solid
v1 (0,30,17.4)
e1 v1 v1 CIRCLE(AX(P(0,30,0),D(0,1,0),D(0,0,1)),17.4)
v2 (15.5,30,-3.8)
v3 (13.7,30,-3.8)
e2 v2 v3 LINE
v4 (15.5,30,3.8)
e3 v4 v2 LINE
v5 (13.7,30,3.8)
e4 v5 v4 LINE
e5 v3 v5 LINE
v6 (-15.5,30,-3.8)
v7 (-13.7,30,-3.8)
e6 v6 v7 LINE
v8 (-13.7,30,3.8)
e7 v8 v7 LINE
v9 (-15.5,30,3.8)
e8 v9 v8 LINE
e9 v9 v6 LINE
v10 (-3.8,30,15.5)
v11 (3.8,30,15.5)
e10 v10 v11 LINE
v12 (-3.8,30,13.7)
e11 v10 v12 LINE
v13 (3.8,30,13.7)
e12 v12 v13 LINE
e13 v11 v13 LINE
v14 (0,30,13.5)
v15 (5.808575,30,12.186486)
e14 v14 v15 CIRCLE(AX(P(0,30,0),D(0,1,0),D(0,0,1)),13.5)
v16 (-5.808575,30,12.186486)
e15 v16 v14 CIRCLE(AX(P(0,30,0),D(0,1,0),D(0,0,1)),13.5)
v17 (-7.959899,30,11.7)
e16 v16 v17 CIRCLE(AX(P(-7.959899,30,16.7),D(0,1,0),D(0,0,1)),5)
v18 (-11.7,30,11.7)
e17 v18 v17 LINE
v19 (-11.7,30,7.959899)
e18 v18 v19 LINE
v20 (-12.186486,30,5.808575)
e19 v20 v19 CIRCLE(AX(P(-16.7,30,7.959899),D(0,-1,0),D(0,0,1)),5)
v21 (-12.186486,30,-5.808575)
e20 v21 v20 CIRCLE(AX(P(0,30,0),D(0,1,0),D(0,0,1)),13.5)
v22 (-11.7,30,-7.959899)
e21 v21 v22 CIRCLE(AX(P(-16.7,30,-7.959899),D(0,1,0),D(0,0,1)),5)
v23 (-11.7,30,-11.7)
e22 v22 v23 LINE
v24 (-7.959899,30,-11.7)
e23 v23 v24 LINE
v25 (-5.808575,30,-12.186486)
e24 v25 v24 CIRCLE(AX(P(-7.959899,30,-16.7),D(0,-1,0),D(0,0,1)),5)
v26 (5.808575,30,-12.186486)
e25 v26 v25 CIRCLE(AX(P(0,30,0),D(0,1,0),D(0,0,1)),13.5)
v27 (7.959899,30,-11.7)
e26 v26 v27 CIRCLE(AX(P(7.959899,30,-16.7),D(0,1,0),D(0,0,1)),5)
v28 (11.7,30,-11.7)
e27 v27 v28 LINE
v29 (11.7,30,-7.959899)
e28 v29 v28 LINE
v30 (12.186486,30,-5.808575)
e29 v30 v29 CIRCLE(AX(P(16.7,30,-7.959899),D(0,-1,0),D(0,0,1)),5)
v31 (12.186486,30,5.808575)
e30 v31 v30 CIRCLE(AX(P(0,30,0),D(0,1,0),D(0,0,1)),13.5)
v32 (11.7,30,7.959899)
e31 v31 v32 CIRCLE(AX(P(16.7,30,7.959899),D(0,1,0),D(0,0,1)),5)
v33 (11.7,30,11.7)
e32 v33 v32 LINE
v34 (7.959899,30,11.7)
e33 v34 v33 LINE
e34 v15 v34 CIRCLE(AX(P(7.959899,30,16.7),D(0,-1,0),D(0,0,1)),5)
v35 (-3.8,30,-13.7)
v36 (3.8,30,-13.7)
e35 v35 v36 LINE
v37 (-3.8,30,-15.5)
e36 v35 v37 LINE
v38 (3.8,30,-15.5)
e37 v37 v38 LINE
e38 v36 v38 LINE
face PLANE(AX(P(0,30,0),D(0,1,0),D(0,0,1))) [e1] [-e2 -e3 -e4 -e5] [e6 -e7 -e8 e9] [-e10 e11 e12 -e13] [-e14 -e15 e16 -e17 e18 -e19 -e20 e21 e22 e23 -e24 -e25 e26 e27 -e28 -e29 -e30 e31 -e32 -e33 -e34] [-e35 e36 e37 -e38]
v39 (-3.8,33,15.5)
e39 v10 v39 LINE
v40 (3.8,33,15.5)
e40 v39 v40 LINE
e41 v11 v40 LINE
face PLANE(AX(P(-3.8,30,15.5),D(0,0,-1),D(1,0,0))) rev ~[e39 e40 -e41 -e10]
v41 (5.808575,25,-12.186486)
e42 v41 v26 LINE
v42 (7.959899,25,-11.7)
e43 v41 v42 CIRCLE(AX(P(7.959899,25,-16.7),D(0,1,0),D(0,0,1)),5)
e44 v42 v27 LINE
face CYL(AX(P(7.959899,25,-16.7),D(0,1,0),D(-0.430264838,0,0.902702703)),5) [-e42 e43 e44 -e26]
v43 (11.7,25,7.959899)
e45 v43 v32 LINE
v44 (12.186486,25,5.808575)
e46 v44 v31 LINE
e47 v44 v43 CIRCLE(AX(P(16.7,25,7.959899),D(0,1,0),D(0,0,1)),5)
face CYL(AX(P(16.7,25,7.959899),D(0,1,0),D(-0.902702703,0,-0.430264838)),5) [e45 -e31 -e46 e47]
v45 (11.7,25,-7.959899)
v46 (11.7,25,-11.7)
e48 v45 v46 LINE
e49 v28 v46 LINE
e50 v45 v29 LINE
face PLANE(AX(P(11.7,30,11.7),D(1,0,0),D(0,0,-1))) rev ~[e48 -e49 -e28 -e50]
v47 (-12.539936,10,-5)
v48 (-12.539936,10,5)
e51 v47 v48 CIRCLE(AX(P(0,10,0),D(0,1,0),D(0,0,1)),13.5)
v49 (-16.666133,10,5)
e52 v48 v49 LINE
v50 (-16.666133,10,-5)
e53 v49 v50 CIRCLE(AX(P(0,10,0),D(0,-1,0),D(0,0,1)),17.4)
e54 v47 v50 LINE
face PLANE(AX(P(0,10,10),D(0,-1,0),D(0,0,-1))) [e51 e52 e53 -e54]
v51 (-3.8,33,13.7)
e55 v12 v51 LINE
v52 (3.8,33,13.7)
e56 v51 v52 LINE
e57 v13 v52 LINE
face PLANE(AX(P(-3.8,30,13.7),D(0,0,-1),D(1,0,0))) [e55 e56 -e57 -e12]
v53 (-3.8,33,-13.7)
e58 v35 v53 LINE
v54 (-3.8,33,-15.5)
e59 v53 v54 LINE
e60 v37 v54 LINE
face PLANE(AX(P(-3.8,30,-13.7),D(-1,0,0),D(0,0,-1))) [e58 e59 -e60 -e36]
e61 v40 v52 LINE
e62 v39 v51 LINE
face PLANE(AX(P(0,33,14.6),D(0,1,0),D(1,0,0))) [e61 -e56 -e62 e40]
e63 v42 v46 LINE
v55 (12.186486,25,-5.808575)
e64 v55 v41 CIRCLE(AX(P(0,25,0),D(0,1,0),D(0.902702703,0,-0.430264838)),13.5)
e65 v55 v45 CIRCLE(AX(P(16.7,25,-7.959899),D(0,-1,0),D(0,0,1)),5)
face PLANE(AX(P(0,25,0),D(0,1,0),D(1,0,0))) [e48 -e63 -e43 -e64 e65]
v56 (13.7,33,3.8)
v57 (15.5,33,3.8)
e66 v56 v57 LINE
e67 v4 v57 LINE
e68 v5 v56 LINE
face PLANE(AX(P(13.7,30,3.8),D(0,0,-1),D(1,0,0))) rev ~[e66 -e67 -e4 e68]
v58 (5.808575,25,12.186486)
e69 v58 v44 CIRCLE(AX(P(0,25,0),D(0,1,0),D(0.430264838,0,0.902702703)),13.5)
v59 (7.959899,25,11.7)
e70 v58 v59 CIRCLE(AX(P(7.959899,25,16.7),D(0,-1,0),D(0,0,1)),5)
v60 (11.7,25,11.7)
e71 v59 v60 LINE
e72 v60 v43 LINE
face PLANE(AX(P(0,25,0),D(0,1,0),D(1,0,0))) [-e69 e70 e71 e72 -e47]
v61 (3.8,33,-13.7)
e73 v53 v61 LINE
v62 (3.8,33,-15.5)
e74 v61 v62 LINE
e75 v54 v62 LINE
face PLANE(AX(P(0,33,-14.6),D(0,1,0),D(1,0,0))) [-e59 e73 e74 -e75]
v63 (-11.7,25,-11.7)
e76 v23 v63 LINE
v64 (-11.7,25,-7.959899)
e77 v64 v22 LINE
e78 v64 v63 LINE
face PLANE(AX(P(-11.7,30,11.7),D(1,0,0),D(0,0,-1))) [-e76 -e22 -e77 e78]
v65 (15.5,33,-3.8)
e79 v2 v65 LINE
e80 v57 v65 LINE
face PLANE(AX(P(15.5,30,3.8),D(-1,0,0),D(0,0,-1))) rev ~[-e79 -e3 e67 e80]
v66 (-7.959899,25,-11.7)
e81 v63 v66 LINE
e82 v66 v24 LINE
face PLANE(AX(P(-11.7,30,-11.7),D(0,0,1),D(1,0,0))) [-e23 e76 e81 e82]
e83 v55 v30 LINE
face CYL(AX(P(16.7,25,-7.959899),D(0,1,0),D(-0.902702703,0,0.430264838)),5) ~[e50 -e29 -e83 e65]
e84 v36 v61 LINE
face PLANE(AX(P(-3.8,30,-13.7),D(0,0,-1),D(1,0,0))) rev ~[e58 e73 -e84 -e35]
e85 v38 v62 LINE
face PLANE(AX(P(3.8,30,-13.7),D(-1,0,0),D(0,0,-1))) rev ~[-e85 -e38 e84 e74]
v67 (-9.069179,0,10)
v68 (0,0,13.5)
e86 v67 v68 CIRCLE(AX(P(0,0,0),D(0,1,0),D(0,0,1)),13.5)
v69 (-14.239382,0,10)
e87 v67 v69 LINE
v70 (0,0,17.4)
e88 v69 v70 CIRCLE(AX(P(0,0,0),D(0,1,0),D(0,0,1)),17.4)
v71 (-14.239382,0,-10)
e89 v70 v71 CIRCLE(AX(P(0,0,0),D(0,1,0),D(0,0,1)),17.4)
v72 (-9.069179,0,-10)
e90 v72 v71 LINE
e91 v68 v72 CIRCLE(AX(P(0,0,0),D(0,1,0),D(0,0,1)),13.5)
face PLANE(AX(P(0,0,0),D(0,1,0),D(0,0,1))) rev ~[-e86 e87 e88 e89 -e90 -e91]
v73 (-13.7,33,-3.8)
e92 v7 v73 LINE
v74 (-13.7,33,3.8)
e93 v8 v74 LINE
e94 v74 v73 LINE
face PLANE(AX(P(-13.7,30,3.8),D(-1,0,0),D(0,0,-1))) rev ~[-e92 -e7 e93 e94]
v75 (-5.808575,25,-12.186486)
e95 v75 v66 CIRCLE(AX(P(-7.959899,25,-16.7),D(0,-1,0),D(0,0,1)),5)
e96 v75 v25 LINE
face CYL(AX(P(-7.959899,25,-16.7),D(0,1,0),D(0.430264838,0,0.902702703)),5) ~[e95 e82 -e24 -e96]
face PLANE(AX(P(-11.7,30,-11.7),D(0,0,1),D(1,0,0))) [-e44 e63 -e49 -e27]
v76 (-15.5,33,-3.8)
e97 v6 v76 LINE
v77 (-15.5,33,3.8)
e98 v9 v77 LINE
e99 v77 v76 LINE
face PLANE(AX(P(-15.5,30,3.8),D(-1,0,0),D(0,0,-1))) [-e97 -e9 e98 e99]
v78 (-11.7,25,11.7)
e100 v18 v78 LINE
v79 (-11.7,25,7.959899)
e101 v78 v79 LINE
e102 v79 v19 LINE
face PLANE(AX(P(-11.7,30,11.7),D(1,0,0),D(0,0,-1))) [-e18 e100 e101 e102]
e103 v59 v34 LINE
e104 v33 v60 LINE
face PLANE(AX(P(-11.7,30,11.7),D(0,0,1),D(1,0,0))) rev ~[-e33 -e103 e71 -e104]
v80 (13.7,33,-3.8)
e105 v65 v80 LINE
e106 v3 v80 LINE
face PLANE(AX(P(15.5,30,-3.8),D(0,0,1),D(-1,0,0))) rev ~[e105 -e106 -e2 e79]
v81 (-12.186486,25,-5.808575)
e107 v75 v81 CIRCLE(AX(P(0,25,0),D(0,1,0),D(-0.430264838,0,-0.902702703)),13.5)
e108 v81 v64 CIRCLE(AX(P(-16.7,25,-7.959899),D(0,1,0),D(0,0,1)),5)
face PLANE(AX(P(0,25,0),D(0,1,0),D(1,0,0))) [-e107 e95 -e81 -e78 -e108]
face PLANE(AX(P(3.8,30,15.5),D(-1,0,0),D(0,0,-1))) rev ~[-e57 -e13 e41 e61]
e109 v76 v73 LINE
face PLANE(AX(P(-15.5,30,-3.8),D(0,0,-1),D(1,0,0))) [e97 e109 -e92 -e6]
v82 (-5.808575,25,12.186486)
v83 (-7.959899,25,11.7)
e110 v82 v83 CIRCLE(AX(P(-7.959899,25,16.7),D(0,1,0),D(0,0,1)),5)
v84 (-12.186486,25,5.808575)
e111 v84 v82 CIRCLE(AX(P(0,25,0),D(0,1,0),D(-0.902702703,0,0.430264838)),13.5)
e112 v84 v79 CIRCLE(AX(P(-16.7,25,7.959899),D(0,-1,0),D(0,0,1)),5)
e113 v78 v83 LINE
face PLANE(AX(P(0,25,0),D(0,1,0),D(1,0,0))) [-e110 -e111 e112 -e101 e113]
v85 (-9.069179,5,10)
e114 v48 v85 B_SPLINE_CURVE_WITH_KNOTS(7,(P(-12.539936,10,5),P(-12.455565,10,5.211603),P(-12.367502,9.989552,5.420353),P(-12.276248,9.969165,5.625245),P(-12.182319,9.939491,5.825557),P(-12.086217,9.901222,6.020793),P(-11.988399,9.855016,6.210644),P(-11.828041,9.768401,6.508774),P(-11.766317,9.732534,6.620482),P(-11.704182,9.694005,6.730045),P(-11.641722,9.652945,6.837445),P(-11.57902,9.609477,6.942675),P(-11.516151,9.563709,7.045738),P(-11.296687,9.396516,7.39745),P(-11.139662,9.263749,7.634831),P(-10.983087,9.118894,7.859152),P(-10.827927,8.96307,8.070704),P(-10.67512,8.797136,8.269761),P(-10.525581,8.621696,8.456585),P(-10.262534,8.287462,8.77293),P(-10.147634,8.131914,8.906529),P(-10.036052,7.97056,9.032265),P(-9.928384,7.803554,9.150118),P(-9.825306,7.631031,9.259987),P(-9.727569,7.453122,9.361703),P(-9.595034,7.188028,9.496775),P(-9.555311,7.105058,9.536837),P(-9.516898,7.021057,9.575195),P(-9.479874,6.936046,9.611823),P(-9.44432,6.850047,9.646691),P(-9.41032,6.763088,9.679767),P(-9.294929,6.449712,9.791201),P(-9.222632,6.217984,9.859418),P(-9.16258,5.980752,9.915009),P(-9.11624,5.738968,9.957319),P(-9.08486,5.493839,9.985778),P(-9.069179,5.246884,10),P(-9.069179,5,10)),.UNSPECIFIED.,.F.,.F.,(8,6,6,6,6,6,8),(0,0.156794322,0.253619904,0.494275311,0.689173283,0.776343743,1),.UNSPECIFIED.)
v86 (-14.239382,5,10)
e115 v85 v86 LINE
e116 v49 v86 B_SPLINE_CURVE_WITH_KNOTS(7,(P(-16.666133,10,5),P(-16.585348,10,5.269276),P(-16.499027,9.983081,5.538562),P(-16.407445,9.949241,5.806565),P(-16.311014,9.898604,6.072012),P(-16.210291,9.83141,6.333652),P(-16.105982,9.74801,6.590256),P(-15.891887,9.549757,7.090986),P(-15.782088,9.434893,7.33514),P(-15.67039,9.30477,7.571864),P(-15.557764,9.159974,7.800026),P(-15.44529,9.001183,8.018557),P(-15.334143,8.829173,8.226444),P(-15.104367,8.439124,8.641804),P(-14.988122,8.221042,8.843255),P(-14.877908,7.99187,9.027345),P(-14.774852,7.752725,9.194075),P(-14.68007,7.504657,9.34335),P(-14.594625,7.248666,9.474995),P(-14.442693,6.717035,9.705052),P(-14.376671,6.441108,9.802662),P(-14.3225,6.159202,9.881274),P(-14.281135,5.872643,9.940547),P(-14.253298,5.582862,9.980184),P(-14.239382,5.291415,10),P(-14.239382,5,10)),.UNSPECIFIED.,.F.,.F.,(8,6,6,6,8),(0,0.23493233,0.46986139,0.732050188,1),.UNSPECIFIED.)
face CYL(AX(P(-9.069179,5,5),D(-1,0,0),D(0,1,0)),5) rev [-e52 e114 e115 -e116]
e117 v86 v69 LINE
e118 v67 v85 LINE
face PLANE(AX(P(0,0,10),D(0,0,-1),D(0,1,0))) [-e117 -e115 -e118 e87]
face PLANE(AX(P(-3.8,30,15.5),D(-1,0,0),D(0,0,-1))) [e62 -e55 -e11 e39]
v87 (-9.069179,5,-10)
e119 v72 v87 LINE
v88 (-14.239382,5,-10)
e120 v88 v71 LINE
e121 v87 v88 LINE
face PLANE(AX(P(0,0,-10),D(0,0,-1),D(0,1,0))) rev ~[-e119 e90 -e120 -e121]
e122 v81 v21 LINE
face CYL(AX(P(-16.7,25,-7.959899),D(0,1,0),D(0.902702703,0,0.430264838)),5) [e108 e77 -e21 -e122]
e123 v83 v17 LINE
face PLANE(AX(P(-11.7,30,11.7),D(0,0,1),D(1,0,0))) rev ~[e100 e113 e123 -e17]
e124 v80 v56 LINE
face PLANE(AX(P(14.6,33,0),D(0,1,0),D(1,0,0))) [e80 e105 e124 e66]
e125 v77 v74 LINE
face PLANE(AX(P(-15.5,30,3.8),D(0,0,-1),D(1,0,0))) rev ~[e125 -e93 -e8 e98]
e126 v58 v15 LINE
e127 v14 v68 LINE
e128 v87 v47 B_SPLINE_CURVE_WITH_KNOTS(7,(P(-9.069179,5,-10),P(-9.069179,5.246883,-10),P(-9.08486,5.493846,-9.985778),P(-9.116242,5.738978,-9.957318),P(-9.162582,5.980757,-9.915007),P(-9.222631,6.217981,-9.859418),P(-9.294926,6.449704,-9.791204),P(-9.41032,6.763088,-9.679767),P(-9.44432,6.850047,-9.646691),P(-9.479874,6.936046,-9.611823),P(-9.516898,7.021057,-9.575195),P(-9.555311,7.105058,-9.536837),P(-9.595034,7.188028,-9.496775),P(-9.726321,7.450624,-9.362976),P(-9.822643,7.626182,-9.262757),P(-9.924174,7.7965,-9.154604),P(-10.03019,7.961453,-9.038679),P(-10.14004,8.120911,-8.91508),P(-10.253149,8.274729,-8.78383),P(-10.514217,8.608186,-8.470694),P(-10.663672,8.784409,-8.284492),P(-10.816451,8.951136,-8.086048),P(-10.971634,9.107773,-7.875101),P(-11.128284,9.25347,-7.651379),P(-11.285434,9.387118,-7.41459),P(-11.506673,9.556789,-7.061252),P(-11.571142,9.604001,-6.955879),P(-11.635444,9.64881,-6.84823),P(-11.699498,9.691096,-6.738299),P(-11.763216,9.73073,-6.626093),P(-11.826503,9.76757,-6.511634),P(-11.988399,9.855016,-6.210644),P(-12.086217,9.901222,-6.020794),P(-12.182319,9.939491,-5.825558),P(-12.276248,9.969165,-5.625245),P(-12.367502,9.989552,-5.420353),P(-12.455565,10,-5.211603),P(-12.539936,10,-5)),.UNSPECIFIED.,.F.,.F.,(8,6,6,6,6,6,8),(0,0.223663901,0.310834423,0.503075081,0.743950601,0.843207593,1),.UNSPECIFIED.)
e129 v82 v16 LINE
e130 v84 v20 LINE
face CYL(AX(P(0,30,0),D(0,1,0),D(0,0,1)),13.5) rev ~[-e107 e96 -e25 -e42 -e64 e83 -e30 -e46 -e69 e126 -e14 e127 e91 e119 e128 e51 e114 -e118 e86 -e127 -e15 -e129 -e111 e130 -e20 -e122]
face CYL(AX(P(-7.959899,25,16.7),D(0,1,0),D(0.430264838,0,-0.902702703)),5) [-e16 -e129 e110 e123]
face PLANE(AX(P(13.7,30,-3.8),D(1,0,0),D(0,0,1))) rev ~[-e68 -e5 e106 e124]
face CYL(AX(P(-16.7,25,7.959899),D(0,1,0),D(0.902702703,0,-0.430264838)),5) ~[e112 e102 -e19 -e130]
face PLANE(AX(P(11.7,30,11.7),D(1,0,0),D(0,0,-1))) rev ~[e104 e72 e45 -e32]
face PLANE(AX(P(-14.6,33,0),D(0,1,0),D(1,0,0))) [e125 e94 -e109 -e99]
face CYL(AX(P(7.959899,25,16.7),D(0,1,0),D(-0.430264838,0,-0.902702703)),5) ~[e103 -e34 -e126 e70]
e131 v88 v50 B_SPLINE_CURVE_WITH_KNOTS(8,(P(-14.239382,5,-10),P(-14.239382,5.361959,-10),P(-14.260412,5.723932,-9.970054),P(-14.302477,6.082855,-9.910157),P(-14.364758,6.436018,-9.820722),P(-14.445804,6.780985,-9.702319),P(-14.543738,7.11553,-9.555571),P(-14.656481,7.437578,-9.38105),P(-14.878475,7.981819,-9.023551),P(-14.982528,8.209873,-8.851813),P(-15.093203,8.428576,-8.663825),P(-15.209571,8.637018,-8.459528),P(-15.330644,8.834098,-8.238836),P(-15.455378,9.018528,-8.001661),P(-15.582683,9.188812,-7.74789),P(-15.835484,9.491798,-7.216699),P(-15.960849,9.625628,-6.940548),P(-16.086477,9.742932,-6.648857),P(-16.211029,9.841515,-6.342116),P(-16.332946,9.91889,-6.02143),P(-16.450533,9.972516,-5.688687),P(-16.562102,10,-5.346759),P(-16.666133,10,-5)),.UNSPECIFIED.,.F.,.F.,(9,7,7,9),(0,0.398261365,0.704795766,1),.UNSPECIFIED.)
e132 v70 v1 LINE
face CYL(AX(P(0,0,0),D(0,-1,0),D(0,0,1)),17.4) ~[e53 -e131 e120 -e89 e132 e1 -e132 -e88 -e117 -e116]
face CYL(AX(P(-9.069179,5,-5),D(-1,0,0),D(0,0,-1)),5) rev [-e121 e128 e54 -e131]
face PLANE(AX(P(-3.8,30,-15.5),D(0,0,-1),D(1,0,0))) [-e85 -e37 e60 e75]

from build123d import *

# Parameters (mm, degrees)
SKETCH_1_R          = 17.4
EXTRUDE_1_DEPTH     = 30
SKETCH_2_R          = 13.5
CUT_EXTRUDE_1_DEPTH = 39.801030914
SKETCH_3_W          = 7.6
SKETCH_3_H          = 1.8
SKETCH_3_W_2        = 1.8
SKETCH_3_H_2        = 7.6
EXTRUDE_2_DEPTH     = 3
SKETCH_4_W          = 20
SKETCH_4_H          = 10
CUT_EXTRUDE_2_DEPTH = 42.164547854
FILLET_1_R          = 5
SKETCH_5_W          = 23.4
SKETCH_5_H          = 23.4
CUT_EXTRUDE_3_DEPTH = 5
FILLET_2_R          = 5


with BuildPart() as part:
    # 草图1 → 凸台-拉伸1 (new body)
    with BuildSketch(Plane(origin=(0, 0, 0), x_dir=(1, 0, 0), z_dir=(0, 1, 0))):
        with Locations(Location((0, 0, 0), (0, 0, 270))):
            Circle(SKETCH_1_R)
    extrude(amount=EXTRUDE_1_DEPTH)

    # 草图2 → 切除-拉伸1 (cut, through all)
    with BuildSketch(Plane(origin=(0, 30, 0), x_dir=(1, 0, 0), z_dir=(0, 1, 0))):
        with Locations(Location((0, 0, 0), (0, 0, 270))):
            Circle(SKETCH_2_R)
    extrude(amount=-CUT_EXTRUDE_1_DEPTH, mode=Mode.SUBTRACT)

    # 草图3 → 凸台-拉伸2 (add)
    with BuildSketch(Plane(origin=(0, 30, 0), x_dir=(1, 0, 0), z_dir=(0, 1, 0))):
        Polygon((13.7, 3.8), (13.7, 0), (13.7, -3.8), (15.5, -3.8), (15.5, 3.8), align=None)
        with Locations((0, -14.6)):
            Rectangle(SKETCH_3_W, SKETCH_3_H)
        with Locations((-14.6, 0)):
            Rectangle(SKETCH_3_W_2, SKETCH_3_H_2)
        with Locations((0, 14.6)):
            Rectangle(SKETCH_3_W, SKETCH_3_H)
    extrude(amount=EXTRUDE_2_DEPTH)

    # 草图4 → 切除-拉伸2 (cut, through all)
    with BuildSketch(Plane(origin=(0, 0, 0), x_dir=(0, 0, -1), z_dir=(1, 0, 0))):
        with Locations((0, 5)):
            Rectangle(SKETCH_4_W, SKETCH_4_H)
    extrude(amount=-CUT_EXTRUDE_2_DEPTH, mode=Mode.SUBTRACT)

    # 圆角1
    fillet_1_edges = [part.edges().sort_by_distance(p)[0] for p in [
        (-11.654280291, 10, -10),
        (-11.654280291, 10, 10),
    ]]
    fillet(fillet_1_edges, radius=FILLET_1_R)

    # 草图5 → 切除-拉伸3 (cut)
    with BuildSketch(Plane(origin=(0, 30, 0), x_dir=(1, 0, 0), z_dir=(0, 1, 0))):
        Rectangle(SKETCH_5_W, SKETCH_5_H)
    extrude(amount=-CUT_EXTRUDE_3_DEPTH, mode=Mode.SUBTRACT)

    # 圆角2
    fillet_2_edges = [part.edges().sort_by_distance(p)[0] for p in [
        (11.7, 27.5, -6.734983296),
        (11.7, 27.5, 6.734983296),
        (6.734983296, 27.5, 11.7),
        (-6.734983296, 27.5, 11.7),
        (-11.7, 27.5, 6.734983296),
        (-11.7, 27.5, -6.734983296),
        (-6.734983296, 27.5, -11.7),
        (6.734983296, 27.5, -11.7),
    ]]
    fillet(fillet_2_edges, radius=FILLET_2_R)


solid = part.part
